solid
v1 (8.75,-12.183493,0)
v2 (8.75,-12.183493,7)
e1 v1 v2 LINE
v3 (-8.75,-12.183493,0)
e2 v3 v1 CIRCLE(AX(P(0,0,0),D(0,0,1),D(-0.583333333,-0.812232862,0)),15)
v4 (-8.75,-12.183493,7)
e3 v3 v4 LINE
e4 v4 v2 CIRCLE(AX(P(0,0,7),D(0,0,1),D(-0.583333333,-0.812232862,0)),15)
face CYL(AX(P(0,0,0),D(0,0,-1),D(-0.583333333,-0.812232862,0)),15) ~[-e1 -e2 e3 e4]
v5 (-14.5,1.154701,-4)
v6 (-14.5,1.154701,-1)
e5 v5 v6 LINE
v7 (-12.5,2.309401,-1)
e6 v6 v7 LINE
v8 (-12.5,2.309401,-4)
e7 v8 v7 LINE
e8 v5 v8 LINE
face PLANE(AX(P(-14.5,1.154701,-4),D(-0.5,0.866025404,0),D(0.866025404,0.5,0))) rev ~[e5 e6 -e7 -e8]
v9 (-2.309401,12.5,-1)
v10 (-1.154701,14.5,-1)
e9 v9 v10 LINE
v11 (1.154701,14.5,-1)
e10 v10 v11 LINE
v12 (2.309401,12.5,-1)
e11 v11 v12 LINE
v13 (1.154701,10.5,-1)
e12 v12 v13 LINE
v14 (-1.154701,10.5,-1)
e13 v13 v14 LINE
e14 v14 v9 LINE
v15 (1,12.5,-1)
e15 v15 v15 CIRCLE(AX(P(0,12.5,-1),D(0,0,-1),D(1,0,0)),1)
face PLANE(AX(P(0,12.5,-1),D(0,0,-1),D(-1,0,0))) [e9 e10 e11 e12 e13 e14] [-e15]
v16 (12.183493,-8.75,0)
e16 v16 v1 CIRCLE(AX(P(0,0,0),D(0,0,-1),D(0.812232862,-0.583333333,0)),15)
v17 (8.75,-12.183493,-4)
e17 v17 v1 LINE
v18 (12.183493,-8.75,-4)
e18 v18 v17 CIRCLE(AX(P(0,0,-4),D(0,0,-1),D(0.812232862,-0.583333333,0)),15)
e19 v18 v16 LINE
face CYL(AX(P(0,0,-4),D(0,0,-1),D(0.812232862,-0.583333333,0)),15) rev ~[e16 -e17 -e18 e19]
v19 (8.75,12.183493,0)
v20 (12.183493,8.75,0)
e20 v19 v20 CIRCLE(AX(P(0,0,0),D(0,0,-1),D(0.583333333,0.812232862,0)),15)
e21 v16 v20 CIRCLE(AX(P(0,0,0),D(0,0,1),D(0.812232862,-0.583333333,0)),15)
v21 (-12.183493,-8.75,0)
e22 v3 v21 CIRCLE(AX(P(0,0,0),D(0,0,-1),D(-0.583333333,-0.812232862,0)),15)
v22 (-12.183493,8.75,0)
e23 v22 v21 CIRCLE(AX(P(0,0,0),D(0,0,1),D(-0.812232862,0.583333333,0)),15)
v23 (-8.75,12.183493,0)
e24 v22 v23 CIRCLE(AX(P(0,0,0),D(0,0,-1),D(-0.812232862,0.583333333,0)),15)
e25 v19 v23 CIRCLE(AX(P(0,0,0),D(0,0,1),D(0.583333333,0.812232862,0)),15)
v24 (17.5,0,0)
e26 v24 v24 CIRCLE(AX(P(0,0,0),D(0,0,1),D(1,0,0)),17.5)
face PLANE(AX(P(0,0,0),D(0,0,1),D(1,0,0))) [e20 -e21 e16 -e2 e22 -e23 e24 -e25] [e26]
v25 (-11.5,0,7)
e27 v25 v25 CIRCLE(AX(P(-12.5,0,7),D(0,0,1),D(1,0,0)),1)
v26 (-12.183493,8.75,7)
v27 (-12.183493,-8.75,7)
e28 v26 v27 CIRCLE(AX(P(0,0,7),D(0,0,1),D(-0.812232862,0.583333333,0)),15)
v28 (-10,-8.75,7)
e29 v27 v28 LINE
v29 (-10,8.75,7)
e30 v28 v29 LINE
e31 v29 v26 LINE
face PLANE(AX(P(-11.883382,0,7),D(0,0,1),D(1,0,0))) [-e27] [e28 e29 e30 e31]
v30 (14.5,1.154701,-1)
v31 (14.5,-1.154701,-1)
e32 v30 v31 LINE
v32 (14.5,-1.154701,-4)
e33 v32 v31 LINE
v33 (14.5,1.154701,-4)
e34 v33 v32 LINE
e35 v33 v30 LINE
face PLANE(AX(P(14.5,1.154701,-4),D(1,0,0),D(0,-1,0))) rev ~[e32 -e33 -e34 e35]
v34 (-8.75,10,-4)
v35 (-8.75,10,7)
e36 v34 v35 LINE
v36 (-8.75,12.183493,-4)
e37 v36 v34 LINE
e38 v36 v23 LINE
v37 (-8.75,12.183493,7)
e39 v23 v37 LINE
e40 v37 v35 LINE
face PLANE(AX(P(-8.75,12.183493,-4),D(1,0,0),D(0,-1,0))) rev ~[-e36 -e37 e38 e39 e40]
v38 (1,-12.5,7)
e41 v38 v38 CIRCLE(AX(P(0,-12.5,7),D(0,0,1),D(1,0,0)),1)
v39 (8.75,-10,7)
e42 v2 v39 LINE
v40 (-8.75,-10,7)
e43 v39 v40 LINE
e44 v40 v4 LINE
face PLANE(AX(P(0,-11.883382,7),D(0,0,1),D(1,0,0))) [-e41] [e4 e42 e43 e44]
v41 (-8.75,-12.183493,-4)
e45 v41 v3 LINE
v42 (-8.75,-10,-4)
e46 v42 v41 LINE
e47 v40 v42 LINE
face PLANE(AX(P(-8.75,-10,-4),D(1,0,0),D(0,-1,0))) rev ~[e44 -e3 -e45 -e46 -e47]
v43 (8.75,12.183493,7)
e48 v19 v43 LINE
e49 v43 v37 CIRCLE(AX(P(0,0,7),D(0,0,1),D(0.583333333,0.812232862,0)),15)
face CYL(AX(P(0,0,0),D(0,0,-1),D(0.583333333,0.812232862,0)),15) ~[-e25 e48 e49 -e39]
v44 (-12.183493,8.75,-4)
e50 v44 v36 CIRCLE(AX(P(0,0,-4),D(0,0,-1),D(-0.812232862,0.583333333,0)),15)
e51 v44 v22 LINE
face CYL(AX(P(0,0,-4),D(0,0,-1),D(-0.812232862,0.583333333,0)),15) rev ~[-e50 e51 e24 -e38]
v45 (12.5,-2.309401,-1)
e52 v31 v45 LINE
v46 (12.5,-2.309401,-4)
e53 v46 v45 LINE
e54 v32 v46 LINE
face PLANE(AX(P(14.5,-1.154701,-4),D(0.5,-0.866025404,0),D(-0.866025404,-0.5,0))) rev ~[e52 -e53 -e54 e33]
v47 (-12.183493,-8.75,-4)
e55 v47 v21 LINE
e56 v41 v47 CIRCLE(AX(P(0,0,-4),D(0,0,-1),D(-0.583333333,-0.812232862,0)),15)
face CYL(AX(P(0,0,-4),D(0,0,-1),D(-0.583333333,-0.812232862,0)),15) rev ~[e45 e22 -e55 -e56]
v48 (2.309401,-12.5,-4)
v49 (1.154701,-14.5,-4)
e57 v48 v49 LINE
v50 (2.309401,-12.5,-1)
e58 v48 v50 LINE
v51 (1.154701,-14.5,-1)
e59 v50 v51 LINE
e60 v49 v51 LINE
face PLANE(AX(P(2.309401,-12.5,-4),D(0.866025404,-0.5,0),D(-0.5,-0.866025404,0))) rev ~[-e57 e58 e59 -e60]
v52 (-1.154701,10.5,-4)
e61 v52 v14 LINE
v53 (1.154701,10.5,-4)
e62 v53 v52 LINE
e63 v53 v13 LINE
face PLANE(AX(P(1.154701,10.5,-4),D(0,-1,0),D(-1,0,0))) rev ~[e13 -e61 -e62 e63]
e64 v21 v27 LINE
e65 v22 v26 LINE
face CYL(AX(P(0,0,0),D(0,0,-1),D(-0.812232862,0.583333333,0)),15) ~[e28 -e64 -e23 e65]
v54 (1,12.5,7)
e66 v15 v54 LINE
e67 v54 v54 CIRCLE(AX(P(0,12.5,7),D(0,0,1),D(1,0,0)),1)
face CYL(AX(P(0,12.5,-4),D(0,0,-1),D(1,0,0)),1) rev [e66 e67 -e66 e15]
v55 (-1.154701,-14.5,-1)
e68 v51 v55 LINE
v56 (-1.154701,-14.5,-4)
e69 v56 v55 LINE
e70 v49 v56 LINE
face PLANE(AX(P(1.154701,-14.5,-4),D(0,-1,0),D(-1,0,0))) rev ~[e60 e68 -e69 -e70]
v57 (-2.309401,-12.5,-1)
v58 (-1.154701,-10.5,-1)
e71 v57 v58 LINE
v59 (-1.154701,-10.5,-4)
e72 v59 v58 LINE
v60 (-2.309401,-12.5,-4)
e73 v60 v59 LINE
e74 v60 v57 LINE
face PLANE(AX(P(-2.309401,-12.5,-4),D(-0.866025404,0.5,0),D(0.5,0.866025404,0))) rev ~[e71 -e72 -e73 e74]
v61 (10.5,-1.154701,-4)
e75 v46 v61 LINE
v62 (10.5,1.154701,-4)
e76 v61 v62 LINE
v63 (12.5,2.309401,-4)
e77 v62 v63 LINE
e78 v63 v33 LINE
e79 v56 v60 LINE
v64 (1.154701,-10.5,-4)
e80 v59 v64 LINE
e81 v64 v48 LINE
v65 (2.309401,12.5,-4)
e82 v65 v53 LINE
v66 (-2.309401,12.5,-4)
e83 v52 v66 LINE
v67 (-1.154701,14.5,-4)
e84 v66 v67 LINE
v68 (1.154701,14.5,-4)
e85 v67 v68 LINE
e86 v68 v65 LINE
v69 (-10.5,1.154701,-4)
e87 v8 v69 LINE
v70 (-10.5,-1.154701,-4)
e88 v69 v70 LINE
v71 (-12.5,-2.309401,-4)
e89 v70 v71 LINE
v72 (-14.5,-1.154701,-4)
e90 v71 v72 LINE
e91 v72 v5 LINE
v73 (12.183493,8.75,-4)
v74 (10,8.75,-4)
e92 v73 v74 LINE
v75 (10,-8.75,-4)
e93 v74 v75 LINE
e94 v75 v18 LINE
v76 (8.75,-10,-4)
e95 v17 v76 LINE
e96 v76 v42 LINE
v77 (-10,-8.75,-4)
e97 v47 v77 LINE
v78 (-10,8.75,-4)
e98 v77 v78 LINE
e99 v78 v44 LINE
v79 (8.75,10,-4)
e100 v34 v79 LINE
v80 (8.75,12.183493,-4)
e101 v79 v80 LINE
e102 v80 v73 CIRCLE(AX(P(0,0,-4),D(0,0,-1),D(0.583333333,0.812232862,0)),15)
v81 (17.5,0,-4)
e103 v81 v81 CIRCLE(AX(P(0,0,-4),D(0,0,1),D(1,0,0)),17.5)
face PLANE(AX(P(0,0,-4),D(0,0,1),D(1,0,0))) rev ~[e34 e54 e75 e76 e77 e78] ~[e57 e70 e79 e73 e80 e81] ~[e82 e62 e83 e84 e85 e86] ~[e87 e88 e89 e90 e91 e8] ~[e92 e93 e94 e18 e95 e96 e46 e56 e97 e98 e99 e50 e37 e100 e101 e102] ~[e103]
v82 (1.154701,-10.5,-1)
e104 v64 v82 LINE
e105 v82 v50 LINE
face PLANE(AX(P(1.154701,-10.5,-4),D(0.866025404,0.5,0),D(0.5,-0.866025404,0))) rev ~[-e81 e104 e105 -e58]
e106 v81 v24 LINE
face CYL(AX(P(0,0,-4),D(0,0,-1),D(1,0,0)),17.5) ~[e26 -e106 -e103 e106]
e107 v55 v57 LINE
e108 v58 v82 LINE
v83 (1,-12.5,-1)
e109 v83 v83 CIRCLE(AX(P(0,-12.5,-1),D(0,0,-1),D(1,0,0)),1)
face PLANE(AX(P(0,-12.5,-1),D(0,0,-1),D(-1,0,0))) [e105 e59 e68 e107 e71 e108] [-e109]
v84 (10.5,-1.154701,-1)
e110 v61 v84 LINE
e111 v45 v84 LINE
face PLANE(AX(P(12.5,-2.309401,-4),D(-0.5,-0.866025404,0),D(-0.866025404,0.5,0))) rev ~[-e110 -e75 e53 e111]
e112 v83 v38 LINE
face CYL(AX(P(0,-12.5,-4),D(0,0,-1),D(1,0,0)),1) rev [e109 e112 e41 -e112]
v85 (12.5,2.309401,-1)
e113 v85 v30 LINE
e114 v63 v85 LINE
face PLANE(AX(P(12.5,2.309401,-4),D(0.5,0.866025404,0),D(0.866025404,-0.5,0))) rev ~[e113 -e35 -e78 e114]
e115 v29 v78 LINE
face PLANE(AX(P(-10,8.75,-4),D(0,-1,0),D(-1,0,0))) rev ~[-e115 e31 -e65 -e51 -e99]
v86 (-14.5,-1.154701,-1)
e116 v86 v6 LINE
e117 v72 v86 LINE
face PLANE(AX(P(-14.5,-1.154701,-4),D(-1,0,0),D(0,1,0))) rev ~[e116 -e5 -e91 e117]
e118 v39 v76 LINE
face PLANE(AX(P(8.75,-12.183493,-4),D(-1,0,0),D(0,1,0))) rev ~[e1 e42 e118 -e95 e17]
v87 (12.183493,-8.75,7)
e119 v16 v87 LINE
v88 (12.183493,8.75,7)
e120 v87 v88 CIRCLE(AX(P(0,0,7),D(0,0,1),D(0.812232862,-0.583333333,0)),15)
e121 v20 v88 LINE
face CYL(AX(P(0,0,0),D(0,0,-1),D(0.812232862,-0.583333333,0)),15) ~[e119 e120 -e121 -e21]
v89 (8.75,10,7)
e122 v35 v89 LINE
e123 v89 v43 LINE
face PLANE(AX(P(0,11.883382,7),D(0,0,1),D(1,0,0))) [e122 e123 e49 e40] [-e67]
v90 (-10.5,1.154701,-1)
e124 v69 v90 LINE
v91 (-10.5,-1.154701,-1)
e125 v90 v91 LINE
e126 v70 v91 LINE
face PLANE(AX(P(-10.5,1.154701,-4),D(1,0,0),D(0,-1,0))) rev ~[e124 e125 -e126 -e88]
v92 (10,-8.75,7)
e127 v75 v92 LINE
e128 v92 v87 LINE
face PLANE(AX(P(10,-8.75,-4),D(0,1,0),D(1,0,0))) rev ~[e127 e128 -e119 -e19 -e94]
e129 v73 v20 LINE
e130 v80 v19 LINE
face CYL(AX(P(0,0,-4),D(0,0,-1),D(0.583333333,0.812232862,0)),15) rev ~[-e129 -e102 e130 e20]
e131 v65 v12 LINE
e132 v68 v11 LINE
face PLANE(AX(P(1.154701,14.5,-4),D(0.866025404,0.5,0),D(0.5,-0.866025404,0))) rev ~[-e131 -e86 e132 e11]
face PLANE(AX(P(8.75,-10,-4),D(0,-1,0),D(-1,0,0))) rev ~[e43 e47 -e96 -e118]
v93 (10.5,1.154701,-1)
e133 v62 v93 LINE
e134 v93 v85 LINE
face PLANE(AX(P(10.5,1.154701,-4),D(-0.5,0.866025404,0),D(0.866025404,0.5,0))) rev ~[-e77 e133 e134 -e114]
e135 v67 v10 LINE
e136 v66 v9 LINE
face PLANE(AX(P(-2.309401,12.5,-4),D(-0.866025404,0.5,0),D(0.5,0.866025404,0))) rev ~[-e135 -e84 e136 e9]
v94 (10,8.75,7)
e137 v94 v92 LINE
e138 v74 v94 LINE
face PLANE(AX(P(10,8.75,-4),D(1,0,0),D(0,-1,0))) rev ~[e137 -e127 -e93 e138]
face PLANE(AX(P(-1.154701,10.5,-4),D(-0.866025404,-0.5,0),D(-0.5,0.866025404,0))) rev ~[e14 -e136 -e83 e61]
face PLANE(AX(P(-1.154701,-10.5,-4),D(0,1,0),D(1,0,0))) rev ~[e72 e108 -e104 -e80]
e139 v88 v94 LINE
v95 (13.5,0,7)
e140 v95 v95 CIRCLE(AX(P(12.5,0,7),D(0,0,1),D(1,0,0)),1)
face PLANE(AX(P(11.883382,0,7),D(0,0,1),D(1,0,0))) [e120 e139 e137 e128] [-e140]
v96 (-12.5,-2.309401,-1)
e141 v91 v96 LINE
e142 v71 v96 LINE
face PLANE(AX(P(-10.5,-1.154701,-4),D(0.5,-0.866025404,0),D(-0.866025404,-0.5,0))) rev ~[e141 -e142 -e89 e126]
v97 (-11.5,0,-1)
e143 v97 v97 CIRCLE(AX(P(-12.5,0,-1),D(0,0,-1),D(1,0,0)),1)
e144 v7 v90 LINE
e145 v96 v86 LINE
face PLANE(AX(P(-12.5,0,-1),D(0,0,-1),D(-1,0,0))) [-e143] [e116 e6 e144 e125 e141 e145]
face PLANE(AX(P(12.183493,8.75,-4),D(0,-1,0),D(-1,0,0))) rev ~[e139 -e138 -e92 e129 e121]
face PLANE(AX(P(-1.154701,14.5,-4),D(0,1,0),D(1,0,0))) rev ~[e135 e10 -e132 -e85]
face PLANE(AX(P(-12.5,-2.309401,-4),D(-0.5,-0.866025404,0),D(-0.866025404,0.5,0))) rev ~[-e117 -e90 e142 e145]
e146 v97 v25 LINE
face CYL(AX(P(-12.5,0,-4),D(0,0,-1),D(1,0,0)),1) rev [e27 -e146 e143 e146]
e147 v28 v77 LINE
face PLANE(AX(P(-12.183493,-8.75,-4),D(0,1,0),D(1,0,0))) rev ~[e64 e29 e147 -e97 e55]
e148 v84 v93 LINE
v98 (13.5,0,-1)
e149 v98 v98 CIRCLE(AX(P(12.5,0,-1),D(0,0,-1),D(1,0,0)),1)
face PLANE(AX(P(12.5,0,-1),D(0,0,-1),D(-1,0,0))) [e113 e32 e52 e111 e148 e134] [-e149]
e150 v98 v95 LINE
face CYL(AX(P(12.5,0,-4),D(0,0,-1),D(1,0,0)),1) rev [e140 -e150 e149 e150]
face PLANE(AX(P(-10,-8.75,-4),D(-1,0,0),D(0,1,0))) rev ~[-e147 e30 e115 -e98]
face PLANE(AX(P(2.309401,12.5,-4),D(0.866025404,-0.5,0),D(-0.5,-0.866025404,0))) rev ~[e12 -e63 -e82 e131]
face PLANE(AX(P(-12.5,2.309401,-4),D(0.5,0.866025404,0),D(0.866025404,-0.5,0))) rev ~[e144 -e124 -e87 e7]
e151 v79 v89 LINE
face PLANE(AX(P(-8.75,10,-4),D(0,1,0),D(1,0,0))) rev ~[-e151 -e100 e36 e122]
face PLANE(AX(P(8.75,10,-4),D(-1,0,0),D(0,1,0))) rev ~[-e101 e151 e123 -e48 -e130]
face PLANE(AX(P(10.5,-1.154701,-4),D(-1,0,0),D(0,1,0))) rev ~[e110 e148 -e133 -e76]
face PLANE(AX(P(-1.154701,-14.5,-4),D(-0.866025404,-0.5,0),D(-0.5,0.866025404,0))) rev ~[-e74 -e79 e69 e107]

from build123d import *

# Parameters (mm, degrees)
SKETCH_1_R          = 1
EXTRUDE_1_DEPTH     = 7
EXTRUDE_1_2_DEPTH   = 7
EXTRUDE_1_3_DEPTH   = 7
EXTRUDE_1_4_DEPTH   = 7
EXTRUDE_START       = -4
SKETCH_1_3_R        = 17.5
SKETCH_1_3_R_2      = 1
EXTRUDE_2_DEPTH     = 4
CUT_EXTRUDE_1_DEPTH = 3


with BuildPart() as part:
    # 草图1 → 凸台-拉伸1 (new body)
    with BuildSketch(Plane.XY):
        with BuildLine():
            Line((-8.75, 12.183492931), (-8.75, 10))
            Line((-8.75, 10), (8.75, 10))
            Line((8.75, 10), (8.75, 12.183492931))
            ThreePointArc((8.75, 12.183492931), (0, 15), (-8.75, 12.183492931))
        make_face()
        with Locations((0, 12.5)):
            Circle(SKETCH_1_R, mode=Mode.SUBTRACT)
    extrude(amount=EXTRUDE_1_DEPTH)



with BuildPart() as body_2:
    # 草图1 → Extrude 1 2 (new body)
    with BuildSketch(Plane.XY):
        with BuildLine():
            Line((-10, 8.75), (-12.183492931, 8.75))
            ThreePointArc((-12.183492931, 8.75), (-15, 0), (-12.183492931, -8.75))
            Line((-12.183492931, -8.75), (-10, -8.75))
            Line((-10, -8.75), (-10, 8.75))
        make_face()
        with Locations((-12.5, 0)):
            Circle(SKETCH_1_R, mode=Mode.SUBTRACT)
    extrude(amount=EXTRUDE_1_2_DEPTH)


with BuildPart() as body_3:
    # 草图1 → Extrude 1 3 (new body)
    with BuildSketch(Plane.XY):
        with BuildLine():
            ThreePointArc((12.183492931, -8.75), (15, 0), (12.183492931, 8.75))
            Line((12.183492931, 8.75), (10, 8.75))
            Line((10, 8.75), (10, -8.75))
            Line((10, -8.75), (12.183492931, -8.75))
        make_face()
        with Locations((12.5, 0)):
            Circle(SKETCH_1_R, mode=Mode.SUBTRACT)
    extrude(amount=EXTRUDE_1_3_DEPTH)


with BuildPart() as body_4:
    # 草图1 → Extrude 1 4 (new body)
    with BuildSketch(Plane.XY):
        with BuildLine():
            Line((-8.75, -10), (-8.75, -12.183492931))
            ThreePointArc((-8.75, -12.183492931), (0, -15), (8.75, -12.183492931))
            Line((8.75, -12.183492931), (8.75, -10))
            Line((8.75, -10), (-8.75, -10))
        make_face()
        with Locations((0, -12.5)):
            Circle(SKETCH_1_R, mode=Mode.SUBTRACT)
    extrude(amount=EXTRUDE_1_4_DEPTH)


with BuildPart() as part_1:
    add(part.part)

    add(body_2.part)  # 凸台-拉伸2 merges body 2

    add(body_3.part)  # 凸台-拉伸2 merges body 3

    add(body_4.part)  # 凸台-拉伸2 merges body 4
    # 草图1<3> → 凸台-拉伸2 (add)
    with BuildSketch(Plane.XY.offset(EXTRUDE_START)):
        Circle(SKETCH_1_3_R)
        with BuildLine():
            Line((-8.75, 12.183492931), (-8.75, 10))
            Line((-8.75, 10), (8.75, 10))
            Line((8.75, 10), (8.75, 12.183492931))
            ThreePointArc((8.75, 12.183492931), (10.606601718, 10.606601718), (12.183492931, 8.75))
            Line((12.183492931, 8.75), (10, 8.75))
            Line((10, 8.75), (10, -8.75))
            Line((10, -8.75), (12.183492931, -8.75))
            ThreePointArc((12.183492931, -8.75), (10.606601718, -10.606601718), (8.75, -12.183492931))
            Line((8.75, -12.183492931), (8.75, -10))
            Line((8.75, -10), (-8.75, -10))
            Line((-8.75, -10), (-8.75, -12.183492931))
            ThreePointArc((-8.75, -12.183492931), (-10.606601718, -10.606601718), (-12.183492931, -8.75))
            Line((-12.183492931, -8.75), (-10, -8.75))
            Line((-10, -8.75), (-10, 8.75))
            Line((-10, 8.75), (-12.183492931, 8.75))
            ThreePointArc((-12.183492931, 8.75), (-10.606601718, 10.606601718), (-8.75, 12.183492931))
        make_face(mode=Mode.SUBTRACT)
        with Locations((0, 12.5)):
            Circle(SKETCH_1_3_R_2, mode=Mode.SUBTRACT)
        with Locations((-12.5, 0)):
            Circle(SKETCH_1_3_R_2, mode=Mode.SUBTRACT)
        with Locations((0, -12.5)):
            Circle(SKETCH_1_3_R_2, mode=Mode.SUBTRACT)
        with Locations((12.5, 0)):
            Circle(SKETCH_1_3_R_2, mode=Mode.SUBTRACT)
    extrude(amount=EXTRUDE_2_DEPTH)

    # 草图2 → 切除-拉伸1 (cut)
    with BuildSketch(Plane(origin=(0, 0, -4), x_dir=(-1, 0, 0), z_dir=(0, 0, -1))):
        Polygon((10.5, -1.154700538), (12.5, -2.309401077), (14.5, -1.154700538), (14.5, 1.154700538), (12.5, 2.309401077), (10.5, 1.154700538), align=None)
        Polygon((1.154700538, 10.5), (2.309401077, 12.5), (1.154700538, 14.5), (-1.154700538, 14.5), (-2.309401077, 12.5), (-1.154700538, 10.5), align=None)
        Polygon((-1.154700538, -10.5), (-2.309401077, -12.5), (-1.154700538, -14.5), (1.154700538, -14.5), (2.309401077, -12.5), (1.154700538, -10.5), align=None)
        Polygon((-10.5, 1.154700538), (-12.5, 2.309401077), (-14.5, 1.154700538), (-14.5, -1.154700538), (-12.5, -2.309401077), (-10.5, -1.154700538), align=None)
    extrude(amount=-CUT_EXTRUDE_1_DEPTH, mode=Mode.SUBTRACT)


solid = part_1.part
